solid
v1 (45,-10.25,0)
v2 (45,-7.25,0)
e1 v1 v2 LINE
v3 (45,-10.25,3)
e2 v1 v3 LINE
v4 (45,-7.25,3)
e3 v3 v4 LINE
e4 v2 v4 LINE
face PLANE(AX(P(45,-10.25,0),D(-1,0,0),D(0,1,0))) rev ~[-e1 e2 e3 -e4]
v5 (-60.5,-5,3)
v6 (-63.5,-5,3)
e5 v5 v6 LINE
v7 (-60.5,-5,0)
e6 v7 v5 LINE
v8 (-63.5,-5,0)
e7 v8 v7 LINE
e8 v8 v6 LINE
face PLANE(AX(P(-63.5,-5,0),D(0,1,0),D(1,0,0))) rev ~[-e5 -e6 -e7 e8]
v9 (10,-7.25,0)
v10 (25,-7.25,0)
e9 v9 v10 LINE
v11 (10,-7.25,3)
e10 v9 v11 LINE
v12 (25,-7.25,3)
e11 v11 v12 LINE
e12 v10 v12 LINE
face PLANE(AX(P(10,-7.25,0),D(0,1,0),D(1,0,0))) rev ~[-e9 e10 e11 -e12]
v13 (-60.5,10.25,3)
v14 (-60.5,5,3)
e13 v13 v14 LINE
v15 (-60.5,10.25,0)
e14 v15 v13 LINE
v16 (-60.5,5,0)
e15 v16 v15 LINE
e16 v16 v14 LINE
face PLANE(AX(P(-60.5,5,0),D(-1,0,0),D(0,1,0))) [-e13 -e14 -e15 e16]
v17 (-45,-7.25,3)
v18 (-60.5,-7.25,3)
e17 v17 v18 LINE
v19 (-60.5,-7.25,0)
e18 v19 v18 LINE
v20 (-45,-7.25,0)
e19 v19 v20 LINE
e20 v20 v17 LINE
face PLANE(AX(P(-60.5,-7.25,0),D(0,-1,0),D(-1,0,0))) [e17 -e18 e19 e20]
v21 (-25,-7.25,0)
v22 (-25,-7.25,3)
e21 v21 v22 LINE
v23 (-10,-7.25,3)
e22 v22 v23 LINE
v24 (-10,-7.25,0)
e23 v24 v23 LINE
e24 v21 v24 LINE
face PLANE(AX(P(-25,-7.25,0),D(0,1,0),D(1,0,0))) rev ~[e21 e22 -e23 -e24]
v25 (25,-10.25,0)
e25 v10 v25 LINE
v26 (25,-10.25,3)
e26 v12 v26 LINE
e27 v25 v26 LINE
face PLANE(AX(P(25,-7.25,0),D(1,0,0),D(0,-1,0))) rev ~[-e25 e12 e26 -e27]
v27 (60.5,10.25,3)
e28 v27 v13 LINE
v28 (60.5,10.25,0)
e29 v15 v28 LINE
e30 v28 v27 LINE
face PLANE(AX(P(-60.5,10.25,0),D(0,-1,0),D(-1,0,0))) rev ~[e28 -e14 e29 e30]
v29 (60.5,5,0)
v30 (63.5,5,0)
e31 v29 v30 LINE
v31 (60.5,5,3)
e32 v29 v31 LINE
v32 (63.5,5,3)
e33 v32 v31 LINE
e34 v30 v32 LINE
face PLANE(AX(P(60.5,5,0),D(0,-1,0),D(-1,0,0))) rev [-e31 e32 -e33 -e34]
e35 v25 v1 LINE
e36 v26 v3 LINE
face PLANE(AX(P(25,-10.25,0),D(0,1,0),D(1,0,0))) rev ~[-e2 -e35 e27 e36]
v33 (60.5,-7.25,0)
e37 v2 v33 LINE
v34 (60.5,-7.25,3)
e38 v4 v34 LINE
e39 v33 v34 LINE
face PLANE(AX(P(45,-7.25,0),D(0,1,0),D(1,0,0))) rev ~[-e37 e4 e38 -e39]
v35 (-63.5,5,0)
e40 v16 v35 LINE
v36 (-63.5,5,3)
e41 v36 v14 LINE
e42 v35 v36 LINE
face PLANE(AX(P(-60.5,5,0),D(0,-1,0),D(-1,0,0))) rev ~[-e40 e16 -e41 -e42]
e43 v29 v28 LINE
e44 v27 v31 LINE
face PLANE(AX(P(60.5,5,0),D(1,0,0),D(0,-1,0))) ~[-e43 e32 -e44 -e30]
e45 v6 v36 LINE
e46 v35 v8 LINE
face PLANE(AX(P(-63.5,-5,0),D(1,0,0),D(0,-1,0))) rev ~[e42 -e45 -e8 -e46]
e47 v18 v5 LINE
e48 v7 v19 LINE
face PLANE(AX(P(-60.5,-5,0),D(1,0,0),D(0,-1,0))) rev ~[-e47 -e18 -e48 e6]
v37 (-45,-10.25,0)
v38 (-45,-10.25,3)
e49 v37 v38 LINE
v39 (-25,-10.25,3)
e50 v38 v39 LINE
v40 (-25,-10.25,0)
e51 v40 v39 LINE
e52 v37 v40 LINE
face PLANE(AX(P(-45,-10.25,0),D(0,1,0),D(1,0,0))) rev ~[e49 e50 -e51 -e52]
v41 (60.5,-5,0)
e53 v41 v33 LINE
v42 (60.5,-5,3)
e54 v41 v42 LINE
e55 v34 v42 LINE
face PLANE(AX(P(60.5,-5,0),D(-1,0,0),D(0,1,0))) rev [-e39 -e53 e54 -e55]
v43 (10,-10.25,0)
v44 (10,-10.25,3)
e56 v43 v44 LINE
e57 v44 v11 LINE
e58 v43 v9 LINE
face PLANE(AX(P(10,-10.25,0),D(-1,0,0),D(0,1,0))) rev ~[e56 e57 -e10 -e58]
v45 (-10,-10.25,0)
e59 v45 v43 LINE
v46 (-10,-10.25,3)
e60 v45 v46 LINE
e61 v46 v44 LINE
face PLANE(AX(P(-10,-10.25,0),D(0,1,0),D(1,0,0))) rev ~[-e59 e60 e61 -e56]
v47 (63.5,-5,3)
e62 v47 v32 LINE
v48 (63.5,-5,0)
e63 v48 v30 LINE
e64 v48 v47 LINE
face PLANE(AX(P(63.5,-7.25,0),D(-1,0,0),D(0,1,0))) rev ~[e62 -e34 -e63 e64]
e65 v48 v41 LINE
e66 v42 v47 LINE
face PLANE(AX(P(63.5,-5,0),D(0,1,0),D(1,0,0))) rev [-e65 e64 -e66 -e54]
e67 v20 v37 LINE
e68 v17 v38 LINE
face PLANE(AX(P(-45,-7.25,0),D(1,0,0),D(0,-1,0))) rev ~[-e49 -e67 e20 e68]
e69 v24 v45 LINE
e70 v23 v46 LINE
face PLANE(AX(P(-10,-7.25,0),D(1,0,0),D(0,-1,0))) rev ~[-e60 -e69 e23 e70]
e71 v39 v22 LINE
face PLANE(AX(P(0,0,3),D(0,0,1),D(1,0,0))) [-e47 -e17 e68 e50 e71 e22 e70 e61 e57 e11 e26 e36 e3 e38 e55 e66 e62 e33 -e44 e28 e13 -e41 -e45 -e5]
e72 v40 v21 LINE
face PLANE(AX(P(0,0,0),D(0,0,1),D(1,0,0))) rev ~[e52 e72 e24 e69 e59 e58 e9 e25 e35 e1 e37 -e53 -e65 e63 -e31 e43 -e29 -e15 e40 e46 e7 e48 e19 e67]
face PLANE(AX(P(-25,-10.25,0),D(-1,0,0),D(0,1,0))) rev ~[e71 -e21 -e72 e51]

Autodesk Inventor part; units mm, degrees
ref_plane "YZ Plane" through (0, 0, 0) normal (1, 0, 0) x (0, 1, 0)
ref_plane "XZ Plane" through (0, 0, 0) normal (0, 1, 0) x (-1, 0, 0)
ref_plane "XY Plane" through (0, 0, 0) normal (0, 0, 1) x (1, 0, 0)
sketch "Sketch1" plane through (0, 0, 0) normal (0, 0, 1) x (1, 0, 0)
  line L0 (-63.5, -10.25) -> (63.5, -10.25)
  line L1 (63.5, -10.25) -> (63.5, 10.25)
  line L2 (63.5, 10.25) -> (-63.5, 10.25)
  line L3 (-63.5, 10.25) -> (-63.5, -10.25)
  line L4 (-63.5, -10.25) -> (63.5, 10.25) construction
  line L5 (63.5, -10.25) -> (-63.5, 10.25) construction
  line L6 (-63.5, -5) -> (-60.5, -5)
  line L7 (-60.5, -5) -> (-60.5, 5) construction
  line L8 (-60.5, 5) -> (-63.5, 5)
  line L9 (-63.5, 5) -> (-63.5, -5)
  line L10 (-63.5, -5) -> (-60.5, 5) construction
  line L11 (-60.5, -5) -> (-63.5, 5) construction
  line L12 (-45, -10.25) -> (-25, -10.25)
  line L13 (-25, -10.25) -> (-25, -7.25)
  line L14 (-25, -7.25) -> (-45, -7.25) construction
  line L15 (-45, -7.25) -> (-45, -10.25)
  line L16 (-45, -10.25) -> (-25, -7.25) construction
  line L17 (-25, -10.25) -> (-45, -7.25) construction
  line L18 (-10, -10.25) -> (10, -10.25)
  line L19 (10, -10.25) -> (10, -7.25)
  line L20 (10, -7.25) -> (-10, -7.25) construction
  line L21 (-10, -7.25) -> (-10, -10.25)
  line L22 (-10, -10.25) -> (10, -7.25) construction
  line L23 (10, -10.25) -> (-10, -7.25) construction
  line L24 (25, -7.25) -> (25, -10.25)
  line L25 (45, -10.25) -> (45, -7.25)
  line L26 (25, -10.25) -> (45, -10.25)
  line L27 (45, -10.25) -> (25, -7.25) construction
  line L28 (45, -7.25) -> (25, -7.25) construction
  line L29 (25, -10.25) -> (45, -7.25) construction
  line L30 (-45, -7.25) -> (-63.5, -7.25)
  line L31 (-25, -7.25) -> (-10, -7.25)
  line L32 (10, -7.25) -> (25, -7.25)
  line L33 (45, -7.25) -> (63.5, -7.25)
  line L34 (-60.5, 5) -> (-60.5, 10.25)
  line L35 (-60.5, -5) -> (-60.5, -10.25)
  point P0 (0, 0)
  point P1 (-62, 0)
  point P2 (-63.5, 0)
  point P3 (-35, -8.75)
  point P4 (0, -8.75)
  point P5 (35, -8.75)
  point P6 (0, -10.25)
  point P7 (-45, -10.25)
  point P8 (-25, -10.25)
  point P9 (-10, -10.25)
  point P10 (10, -10.25)
  point P11 (25, -10.25)
  point P12 (45, -10.25)
  point P13 (-60.5, -7.25)
  dimension "d0" = 20.5
  dimension "d1" = 127
  dimension "d2" = 10
  dimension "d3" = 3
  dimension "d4" = 3
  dimension "d5" = 20
  dimension "d6" = 3
  dimension "d7" = 20
  dimension "d8" = 35
  dimension "d9" = 3
  dimension "d10" = 20
  dimension "d11" = 35
extrude "Extrusion1" add sketch "Sketch1" along normal blind 3 contours L3 L6 L35 L30 | L15 L30 L35 L6 L3 L8 L34 L2 L1 L33 L25 L0 L24 L32 L19 L21 L31 L13 | L3 L2 L34 L8
extrude "Extrusion2" cut sketch "Sketch1" along normal through all contours L3 L30 L35 L0 | L35 L30 L15 L0 | L3 L6 L35 L30 | L13 L31 L21 L0 | L3 L2 L34 L8 | L19 L32 L24 L0 | L25 L33 L1 L0
mirror "Mirror1" about plane through (0, 0, 0) normal (1, 0, 0) of "Extrusion2"
equation "\"d4\" = d3"
equation "\"d6\" = d3"
equation "\"d7\" = d5"
equation "\"d9\" = d6"
equation "\"d10\" = d7"
equation "\"d11\" = d8"
properties part number "bed_acrylic_upper_front"
